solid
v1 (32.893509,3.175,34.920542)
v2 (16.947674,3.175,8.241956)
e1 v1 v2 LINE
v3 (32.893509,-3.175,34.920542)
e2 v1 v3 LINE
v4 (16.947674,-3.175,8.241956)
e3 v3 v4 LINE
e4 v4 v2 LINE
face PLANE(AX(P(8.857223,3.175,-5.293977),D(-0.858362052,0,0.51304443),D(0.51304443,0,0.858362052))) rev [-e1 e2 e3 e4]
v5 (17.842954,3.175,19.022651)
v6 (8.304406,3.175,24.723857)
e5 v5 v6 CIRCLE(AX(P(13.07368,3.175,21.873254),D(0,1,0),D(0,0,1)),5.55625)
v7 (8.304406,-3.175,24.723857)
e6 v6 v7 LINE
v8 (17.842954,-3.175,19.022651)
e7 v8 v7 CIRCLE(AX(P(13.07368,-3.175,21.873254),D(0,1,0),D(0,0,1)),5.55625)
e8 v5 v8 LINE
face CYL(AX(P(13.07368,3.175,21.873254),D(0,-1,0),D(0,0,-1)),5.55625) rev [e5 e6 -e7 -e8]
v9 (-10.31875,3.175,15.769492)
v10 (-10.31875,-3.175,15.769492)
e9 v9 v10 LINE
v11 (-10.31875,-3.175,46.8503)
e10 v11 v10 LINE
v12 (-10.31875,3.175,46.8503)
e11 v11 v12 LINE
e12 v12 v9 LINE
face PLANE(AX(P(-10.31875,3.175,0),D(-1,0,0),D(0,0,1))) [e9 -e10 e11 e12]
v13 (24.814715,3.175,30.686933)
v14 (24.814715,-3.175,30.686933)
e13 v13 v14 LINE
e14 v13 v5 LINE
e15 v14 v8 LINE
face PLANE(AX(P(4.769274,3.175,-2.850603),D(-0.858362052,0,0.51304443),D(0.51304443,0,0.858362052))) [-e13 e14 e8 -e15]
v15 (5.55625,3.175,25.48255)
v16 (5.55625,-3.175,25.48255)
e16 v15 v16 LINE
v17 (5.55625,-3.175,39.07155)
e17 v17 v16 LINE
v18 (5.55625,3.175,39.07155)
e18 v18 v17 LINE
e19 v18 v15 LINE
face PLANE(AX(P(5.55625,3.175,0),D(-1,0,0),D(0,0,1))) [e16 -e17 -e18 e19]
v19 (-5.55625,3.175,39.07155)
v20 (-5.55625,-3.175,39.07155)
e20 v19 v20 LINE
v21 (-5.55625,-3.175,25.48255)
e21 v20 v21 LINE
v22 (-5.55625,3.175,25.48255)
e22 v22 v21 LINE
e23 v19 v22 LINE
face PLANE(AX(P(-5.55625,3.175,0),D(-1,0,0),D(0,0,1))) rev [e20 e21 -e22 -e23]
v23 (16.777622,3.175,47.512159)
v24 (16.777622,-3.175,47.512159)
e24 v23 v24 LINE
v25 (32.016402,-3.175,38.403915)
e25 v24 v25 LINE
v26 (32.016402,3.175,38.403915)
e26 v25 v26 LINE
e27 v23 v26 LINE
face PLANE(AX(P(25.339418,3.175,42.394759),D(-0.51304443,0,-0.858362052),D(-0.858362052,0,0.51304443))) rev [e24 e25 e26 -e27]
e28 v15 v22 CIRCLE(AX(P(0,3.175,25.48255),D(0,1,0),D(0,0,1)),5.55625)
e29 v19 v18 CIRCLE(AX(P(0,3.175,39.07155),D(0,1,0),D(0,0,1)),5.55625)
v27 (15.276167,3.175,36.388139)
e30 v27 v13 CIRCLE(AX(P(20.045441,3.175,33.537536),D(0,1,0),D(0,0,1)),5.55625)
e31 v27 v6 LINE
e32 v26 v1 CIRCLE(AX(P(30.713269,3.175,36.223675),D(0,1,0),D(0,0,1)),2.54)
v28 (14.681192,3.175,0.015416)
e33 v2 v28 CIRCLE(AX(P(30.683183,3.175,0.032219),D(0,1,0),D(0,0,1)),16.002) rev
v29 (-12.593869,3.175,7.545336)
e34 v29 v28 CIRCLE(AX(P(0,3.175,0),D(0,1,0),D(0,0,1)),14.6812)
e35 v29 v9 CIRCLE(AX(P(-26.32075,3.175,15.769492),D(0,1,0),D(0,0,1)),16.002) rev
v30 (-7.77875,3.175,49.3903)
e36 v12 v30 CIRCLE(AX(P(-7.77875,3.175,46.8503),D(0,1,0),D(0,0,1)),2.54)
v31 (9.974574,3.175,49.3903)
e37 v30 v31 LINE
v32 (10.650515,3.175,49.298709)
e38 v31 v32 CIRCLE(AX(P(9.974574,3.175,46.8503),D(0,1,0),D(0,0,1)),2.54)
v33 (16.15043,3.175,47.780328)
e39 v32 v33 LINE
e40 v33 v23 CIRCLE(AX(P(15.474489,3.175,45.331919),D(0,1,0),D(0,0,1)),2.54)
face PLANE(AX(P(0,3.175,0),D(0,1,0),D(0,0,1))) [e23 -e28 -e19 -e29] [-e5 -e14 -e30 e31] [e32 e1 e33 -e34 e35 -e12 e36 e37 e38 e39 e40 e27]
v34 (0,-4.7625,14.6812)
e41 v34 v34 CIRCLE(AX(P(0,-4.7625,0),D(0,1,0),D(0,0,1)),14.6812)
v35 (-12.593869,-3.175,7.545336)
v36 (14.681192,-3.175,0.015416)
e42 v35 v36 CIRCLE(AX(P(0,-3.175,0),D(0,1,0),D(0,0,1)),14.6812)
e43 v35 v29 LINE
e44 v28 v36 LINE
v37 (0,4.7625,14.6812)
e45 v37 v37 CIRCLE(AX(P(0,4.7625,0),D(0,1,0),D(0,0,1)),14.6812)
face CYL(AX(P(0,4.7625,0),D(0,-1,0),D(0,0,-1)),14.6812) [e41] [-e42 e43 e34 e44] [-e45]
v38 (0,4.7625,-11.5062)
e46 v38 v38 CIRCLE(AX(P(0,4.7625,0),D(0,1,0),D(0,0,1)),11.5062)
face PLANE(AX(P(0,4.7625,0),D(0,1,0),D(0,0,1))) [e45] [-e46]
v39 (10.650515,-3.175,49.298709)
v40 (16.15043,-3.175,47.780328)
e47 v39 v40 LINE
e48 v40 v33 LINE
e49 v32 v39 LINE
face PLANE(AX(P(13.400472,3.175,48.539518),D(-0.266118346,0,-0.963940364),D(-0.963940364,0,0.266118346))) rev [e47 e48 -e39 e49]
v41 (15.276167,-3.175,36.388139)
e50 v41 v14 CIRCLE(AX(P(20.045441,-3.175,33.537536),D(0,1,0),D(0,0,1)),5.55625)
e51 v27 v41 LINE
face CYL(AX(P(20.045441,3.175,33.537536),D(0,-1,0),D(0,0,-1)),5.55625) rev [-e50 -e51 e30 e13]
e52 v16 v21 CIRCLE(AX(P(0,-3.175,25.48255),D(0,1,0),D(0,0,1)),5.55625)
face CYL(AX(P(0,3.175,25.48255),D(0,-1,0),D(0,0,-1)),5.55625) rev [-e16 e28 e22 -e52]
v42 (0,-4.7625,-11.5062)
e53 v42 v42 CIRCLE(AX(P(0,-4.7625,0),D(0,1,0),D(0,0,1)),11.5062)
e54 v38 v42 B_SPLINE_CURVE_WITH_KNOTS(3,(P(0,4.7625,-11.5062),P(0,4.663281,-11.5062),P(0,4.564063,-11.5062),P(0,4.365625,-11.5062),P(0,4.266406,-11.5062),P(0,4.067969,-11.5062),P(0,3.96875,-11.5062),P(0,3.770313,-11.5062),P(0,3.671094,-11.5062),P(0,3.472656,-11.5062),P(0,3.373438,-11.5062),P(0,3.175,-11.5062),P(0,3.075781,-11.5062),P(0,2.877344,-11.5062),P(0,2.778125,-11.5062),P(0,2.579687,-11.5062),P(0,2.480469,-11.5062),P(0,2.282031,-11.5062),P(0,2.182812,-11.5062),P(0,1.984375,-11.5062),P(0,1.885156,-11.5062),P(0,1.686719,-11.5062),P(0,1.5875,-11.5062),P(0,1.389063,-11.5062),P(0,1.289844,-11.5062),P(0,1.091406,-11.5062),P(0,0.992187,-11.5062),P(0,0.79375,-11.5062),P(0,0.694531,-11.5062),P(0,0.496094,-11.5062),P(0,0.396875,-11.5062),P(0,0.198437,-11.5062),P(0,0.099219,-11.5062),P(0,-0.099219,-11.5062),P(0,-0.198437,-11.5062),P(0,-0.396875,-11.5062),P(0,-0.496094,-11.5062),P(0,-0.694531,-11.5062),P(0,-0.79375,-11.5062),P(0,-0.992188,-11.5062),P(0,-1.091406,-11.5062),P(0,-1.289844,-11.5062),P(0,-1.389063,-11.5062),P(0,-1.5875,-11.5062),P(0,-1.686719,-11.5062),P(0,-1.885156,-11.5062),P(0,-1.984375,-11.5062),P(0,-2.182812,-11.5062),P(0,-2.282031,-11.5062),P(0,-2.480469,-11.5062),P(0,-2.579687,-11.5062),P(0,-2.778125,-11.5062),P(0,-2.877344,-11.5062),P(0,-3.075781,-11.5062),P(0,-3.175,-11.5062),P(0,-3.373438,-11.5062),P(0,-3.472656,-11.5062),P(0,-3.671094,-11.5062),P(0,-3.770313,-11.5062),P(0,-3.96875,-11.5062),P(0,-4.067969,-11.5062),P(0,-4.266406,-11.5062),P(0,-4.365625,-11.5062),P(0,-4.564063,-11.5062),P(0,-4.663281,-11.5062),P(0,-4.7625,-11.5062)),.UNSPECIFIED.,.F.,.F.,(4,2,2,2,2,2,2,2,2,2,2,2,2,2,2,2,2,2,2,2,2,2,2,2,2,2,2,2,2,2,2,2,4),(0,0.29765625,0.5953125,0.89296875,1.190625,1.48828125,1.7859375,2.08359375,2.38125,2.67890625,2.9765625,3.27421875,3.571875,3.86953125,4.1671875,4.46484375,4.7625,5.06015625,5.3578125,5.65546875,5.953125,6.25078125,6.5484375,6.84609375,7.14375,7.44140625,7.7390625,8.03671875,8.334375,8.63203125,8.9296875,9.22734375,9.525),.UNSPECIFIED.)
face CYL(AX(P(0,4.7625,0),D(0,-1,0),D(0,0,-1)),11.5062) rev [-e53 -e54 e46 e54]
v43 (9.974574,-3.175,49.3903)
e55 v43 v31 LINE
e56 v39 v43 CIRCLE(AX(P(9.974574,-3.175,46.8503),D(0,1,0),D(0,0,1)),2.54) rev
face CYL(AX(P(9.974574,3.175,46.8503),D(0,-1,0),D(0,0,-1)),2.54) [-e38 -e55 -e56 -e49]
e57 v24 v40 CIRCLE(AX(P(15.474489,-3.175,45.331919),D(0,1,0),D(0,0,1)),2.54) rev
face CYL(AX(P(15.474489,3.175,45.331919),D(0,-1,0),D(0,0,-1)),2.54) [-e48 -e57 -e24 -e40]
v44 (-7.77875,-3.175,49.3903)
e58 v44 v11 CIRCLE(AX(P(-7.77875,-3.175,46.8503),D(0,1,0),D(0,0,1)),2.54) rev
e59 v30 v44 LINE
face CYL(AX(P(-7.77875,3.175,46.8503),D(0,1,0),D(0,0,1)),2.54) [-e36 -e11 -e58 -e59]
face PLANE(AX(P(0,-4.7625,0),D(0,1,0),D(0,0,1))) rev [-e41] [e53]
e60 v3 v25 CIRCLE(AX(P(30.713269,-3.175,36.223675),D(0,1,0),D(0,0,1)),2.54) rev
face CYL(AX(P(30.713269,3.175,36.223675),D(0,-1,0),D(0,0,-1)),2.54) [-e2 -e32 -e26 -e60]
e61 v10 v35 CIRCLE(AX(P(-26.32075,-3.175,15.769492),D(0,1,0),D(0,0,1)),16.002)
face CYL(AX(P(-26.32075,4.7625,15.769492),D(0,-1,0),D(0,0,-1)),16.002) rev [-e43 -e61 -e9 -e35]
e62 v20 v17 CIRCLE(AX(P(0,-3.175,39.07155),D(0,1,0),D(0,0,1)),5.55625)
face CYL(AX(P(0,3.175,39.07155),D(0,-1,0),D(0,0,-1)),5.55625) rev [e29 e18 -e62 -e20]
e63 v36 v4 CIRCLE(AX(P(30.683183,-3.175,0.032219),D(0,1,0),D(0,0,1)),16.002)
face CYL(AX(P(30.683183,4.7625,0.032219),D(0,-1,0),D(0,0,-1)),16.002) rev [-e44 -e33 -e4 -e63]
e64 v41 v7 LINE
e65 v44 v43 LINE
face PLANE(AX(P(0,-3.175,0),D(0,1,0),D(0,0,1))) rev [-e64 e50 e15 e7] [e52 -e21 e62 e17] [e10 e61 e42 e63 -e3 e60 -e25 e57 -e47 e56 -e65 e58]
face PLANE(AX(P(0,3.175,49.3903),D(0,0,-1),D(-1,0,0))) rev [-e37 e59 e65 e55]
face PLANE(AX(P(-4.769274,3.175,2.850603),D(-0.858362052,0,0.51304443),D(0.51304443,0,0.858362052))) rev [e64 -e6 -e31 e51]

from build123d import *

# Parameters (mm, degrees)
SKETCH1_R                      = 14.6812
SKETCH1_R_2                    = 11.5062
BEARING_INSERT_EXTRUDE_DEPTH   = 4.7625
APEX_SLOT_INSERT_EXTRUDE_DEPTH = 3.175
FILLET1_R                      = 16.002
FILLET2_R                      = 2.54


with BuildPart() as part:
    # Sketch1 → Bearing_Insert_Extrude (new, symmetric)
    with BuildSketch(Plane(origin=(0, 0, 0), x_dir=(1, 0, 0), z_dir=(0, 1, 0))):
        with Locations(Location((0, 0, 0), (0, 0, 90))):
            Circle(SKETCH1_R)
        with Locations(Location((0, 0, 0), (0, 0, 90))):
            Circle(SKETCH1_R_2, mode=Mode.SUBTRACT)
    extrude(amount=BEARING_INSERT_EXTRUDE_DEPTH, both=True)

    # Sketch1<4> → Apex_Slot_Insert_Extrude (add, symmetric)
    # profile 1 of 2: a face of its own
    with BuildSketch(Plane(origin=(0, 0, 0), x_dir=(1, 0, 0), z_dir=(0, 1, 0))):
        with BuildLine():
            Line((-10.31875, -10.443228997), (-10.31875, -49.3903))
            Line((-10.31875, -49.3903), (10.31875, -49.3903))
            Line((10.31875, -49.3903), (10.31875, -37.376828003))
            Line((10.31875, -37.376828003), (16.482194895, -47.68873648))
            Line((16.482194895, -47.68873648), (34.196641747, -37.100782052))
            Line((34.196641747, -37.100782052), (14.215063896, -3.670094259))
            ThreePointArc((14.215063896, -3.670094259), (3.906936657, -14.151801278), (-10.31875, -10.443228997))
        make_face()
        with BuildLine():
            ThreePointArc((5.55625, -39.07155), (0, -44.6278), (-5.55625, -39.07155))
            Line((-5.55625, -39.07155), (-5.55625, -25.48255))
            ThreePointArc((-5.55625, -25.48255), (0, -19.9263), (5.55625, -25.48255))
            Line((5.55625, -25.48255), (5.55625, -39.07155))
        make_face(mode=Mode.SUBTRACT)
        with BuildLine():
            ThreePointArc((24.81471526, -30.686932725), (22.896044222, -38.306809993), (15.276166955, -36.388138955))
            Line((15.276166955, -36.388138955), (8.304406193, -24.723857028))
            ThreePointArc((8.304406193, -24.723857028), (10.22307723, -17.10397976), (17.842954497, -19.022650798))
            Line((17.842954497, -19.022650798), (24.81471526, -30.686932725))
        make_face(mode=Mode.SUBTRACT)
    # profile 2 of 2: a face of its own
    with BuildSketch(Plane(origin=(0, 0, 0), x_dir=(1, 0, 0), z_dir=(0, 1, 0))):
        Polygon((10.31875, -49.3903), (10.31875, -37.376828003), (16.482194895, -47.68873648), align=None)
    extrude(amount=APEX_SLOT_INSERT_EXTRUDE_DEPTH, both=True)

    # Fillet1
    fillet1_edges = [part.edges().sort_by_distance(p)[0] for p in [
        (14.215063896, 0, 3.670094259),
        (-10.31875, 0, 10.443228997),
    ]]
    fillet(fillet1_edges, radius=FILLET1_R)

    # Fillet2
    fillet2_edges = [part.edges().sort_by_distance(p)[0] for p in [
        (-10.31875, 0, 49.3903),
        (10.31875, 0, 49.3903),
        (16.482194895, 0, 47.68873648),
        (34.196641747, 0, 37.100782052),
    ]]
    fillet(fillet2_edges, radius=FILLET2_R)


solid = part.part
